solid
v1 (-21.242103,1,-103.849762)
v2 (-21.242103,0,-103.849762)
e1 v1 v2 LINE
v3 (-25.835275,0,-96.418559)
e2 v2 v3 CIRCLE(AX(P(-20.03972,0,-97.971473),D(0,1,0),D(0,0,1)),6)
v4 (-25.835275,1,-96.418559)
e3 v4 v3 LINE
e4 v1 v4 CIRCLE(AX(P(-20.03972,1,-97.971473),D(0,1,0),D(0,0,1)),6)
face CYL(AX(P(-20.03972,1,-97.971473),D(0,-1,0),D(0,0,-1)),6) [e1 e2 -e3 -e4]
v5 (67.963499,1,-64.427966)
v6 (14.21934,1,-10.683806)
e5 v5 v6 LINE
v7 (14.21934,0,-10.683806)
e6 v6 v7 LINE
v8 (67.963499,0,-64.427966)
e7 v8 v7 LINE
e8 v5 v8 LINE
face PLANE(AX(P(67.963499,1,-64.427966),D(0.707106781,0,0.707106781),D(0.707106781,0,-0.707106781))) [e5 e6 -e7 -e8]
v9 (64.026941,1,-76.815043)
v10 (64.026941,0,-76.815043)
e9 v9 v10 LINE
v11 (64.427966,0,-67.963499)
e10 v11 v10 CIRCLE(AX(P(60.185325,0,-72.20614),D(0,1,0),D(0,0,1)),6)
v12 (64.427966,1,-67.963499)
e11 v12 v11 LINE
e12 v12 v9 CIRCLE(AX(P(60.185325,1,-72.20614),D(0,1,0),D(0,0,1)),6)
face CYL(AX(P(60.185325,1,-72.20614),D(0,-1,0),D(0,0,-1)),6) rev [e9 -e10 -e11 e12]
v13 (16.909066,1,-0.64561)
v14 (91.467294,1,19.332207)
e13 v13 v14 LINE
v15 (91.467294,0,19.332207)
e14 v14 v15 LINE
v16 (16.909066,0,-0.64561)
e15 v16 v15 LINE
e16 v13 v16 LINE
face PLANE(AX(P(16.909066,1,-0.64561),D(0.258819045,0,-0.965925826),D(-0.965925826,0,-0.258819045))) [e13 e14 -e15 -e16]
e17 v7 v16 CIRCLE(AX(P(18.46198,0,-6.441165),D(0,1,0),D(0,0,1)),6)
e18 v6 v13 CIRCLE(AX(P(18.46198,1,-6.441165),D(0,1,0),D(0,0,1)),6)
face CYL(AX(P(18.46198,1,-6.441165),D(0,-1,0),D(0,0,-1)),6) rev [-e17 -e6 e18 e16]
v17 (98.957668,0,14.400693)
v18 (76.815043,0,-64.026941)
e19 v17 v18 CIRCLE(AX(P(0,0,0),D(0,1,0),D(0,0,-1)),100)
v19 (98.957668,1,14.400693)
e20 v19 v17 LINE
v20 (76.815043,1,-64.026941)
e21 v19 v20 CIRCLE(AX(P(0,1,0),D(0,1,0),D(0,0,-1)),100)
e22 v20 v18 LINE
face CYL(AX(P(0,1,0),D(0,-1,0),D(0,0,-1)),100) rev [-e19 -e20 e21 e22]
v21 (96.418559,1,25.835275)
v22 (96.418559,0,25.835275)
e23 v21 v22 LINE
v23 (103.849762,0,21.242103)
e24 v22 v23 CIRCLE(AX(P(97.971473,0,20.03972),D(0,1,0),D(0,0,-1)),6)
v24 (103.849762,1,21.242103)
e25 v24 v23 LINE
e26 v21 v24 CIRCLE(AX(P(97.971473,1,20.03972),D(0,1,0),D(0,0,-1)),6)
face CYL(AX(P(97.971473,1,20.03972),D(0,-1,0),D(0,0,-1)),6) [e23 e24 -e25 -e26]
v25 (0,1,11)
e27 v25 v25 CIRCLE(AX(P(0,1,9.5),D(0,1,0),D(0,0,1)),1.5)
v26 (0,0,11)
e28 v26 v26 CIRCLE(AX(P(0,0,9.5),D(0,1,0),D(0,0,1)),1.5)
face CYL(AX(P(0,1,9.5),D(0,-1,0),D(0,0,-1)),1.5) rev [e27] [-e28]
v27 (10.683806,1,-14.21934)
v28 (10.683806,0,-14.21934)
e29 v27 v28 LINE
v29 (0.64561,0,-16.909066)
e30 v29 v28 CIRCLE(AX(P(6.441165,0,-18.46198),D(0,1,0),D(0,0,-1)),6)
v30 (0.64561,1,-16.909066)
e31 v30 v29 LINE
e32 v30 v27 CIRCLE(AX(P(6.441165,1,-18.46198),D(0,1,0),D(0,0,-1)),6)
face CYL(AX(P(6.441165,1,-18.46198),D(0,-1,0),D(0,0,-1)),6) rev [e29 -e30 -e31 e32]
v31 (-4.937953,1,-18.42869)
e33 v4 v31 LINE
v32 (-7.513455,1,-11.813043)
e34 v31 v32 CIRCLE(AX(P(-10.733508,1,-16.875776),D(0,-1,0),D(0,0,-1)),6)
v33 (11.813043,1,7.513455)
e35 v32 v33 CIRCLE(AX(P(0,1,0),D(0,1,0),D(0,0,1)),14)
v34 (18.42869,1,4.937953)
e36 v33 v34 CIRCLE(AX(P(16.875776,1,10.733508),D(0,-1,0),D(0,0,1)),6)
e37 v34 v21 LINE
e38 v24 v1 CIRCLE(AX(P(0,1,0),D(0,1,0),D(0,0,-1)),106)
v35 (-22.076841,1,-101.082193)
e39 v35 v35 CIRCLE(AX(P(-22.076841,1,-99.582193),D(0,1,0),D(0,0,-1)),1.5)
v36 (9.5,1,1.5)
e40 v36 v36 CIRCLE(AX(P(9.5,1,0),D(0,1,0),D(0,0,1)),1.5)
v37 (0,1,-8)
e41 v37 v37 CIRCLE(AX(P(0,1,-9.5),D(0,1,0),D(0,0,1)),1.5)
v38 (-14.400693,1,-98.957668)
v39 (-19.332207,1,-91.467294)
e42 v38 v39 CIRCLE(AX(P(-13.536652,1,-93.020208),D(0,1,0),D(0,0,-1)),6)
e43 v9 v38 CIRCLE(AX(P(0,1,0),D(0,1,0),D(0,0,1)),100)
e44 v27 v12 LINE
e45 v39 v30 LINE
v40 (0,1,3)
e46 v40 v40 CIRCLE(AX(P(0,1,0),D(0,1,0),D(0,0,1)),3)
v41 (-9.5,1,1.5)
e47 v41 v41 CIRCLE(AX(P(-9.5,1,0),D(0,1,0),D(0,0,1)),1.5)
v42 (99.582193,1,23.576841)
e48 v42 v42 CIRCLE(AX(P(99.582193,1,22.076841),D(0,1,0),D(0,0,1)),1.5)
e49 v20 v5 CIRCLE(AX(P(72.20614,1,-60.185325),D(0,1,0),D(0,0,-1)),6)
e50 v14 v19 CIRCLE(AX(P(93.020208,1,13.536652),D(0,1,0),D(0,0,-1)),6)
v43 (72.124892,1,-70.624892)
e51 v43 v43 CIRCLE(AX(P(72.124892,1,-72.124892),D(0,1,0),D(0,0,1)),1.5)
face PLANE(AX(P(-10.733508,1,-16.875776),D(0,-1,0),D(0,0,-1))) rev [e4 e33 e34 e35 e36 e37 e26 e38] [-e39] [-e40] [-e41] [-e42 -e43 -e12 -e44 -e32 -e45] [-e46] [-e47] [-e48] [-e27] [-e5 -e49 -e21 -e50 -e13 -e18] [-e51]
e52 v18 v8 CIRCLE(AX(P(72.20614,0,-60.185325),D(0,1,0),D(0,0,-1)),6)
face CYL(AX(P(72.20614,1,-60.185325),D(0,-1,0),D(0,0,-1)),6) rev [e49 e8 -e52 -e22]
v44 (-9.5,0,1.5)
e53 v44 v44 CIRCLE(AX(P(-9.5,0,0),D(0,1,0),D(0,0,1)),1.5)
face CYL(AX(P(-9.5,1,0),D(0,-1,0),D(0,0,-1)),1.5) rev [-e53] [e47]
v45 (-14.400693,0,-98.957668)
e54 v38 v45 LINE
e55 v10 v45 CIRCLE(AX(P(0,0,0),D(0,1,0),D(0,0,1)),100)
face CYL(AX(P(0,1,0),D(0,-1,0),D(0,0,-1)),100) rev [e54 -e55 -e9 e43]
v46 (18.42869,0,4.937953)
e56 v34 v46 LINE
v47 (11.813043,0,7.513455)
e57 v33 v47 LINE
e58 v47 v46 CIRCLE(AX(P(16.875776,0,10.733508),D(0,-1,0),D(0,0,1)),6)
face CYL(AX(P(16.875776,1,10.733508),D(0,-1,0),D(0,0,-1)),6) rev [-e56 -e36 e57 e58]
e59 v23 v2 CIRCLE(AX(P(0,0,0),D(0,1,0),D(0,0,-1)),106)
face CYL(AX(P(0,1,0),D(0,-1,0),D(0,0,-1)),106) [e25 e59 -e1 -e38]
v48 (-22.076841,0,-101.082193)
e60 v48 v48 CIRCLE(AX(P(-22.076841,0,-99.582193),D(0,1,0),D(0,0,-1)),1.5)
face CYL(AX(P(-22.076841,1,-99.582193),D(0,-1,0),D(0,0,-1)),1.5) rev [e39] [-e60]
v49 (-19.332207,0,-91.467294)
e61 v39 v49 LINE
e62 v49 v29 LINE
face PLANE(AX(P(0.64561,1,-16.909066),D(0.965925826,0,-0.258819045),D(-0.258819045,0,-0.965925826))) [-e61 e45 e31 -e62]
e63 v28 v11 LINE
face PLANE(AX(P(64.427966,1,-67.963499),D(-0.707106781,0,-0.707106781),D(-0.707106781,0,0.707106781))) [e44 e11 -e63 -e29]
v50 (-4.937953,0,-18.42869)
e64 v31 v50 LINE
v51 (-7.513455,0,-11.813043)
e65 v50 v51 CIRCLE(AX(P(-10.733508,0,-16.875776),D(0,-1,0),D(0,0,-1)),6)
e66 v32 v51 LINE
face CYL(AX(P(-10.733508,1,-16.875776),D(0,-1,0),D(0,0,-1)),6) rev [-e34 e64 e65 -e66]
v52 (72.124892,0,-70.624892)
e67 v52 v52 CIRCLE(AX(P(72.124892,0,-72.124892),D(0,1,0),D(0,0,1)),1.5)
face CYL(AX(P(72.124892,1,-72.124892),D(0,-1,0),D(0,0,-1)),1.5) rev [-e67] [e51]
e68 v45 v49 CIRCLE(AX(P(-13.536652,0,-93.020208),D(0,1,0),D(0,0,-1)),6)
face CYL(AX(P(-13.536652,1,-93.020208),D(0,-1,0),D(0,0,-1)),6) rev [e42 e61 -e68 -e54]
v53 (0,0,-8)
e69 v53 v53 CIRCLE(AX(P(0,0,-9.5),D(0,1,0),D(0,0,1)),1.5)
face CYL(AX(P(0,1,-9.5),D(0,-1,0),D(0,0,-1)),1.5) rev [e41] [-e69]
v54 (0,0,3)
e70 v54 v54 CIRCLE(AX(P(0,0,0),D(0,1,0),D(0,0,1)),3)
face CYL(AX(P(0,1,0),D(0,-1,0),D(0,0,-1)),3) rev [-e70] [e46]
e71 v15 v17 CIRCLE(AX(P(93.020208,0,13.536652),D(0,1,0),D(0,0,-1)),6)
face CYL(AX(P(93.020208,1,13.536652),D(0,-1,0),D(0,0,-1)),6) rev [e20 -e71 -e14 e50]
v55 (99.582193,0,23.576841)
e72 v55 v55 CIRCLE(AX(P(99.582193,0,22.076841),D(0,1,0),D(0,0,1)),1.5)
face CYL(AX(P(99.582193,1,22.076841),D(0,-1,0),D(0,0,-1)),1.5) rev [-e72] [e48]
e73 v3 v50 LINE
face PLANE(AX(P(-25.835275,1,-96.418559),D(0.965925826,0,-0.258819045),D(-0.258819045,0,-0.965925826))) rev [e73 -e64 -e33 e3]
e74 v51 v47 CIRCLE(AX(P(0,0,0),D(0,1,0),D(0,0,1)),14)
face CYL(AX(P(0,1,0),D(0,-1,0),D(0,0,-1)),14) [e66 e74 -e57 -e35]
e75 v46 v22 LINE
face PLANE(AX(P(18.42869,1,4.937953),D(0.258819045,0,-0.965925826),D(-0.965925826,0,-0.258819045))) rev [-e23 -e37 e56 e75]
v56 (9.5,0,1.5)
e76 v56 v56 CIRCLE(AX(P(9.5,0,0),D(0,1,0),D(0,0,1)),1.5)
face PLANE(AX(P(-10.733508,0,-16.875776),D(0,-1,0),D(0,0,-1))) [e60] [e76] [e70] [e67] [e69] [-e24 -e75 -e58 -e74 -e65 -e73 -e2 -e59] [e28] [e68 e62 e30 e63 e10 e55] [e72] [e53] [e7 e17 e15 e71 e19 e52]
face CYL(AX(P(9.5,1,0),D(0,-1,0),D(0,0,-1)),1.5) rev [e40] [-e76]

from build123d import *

# Parameters (mm, degrees)
SKETCH_1_R      = 1.5
SKETCH_1_R_2    = 3
EXTRUDE_1_DEPTH = 1


with BuildPart() as part:
    # 草图1 → 凸台-拉伸1 (new body)
    with BuildSketch(Plane(origin=(0, 0, 0), x_dir=(1, 0, 0), z_dir=(0, 1, 0))):
        with BuildLine():
            Line((-25.835275078, 96.418559218), (-4.937952664, 18.428690227))
            ThreePointArc((-4.937952664, 18.428690227), (-5.142265363, 14.699078916), (-7.513455335, 11.81304317))
            ThreePointArc((-7.513455335, 11.81304317), (-9.899494937, -9.899494937), (11.81304317, -7.513455335))
            ThreePointArc((11.81304317, -7.513455335), (14.699078916, -5.142265363), (18.428690227, -4.937952664))
            Line((18.428690227, -4.937952664), (96.418559218, -25.835275078))
            ThreePointArc((96.418559218, -25.835275078), (101.126076798, -25.143491075), (103.849761898, -21.242103327))
            ThreePointArc((103.849761898, -21.242103327), (74.953318806, 74.953318806), (-21.242103327, 103.849761898))
            ThreePointArc((-21.242103327, 103.849761898), (-25.143491075, 101.126076798), (-25.835275078, 96.418559218))
        make_face()
        with Locations(Location((0, 9.5, 0), (0, 0, 270))):
            Circle(SKETCH_1_R, mode=Mode.SUBTRACT)
        with Locations(Location((9.5, 0, 0), (0, 0, 270))):
            Circle(SKETCH_1_R, mode=Mode.SUBTRACT)
        with Locations(Location((0, -9.5, 0), (0, 0, 270))):
            Circle(SKETCH_1_R, mode=Mode.SUBTRACT)
        with Locations(Location((-9.5, 0, 0), (0, 0, 270))):
            Circle(SKETCH_1_R, mode=Mode.SUBTRACT)
        with Locations(Location((0, 0, 0), (0, 0, 270))):
            Circle(SKETCH_1_R_2, mode=Mode.SUBTRACT)
        with Locations(Location((72.124891681, 72.124891681, 0), (0, 0, 270))):
            Circle(SKETCH_1_R, mode=Mode.SUBTRACT)
        with Locations(Location((99.582192726, -22.076840622, 0), (0, 0, 270))):
            Circle(SKETCH_1_R, mode=Mode.SUBTRACT)
        with Locations(Location((-22.076840622, 99.582192726, 0), (0, 0, 90))):
            Circle(SKETCH_1_R, mode=Mode.SUBTRACT)
        with BuildLine():
            Line((67.963499444, 64.427965538), (14.219339812, 10.683805906))
            ThreePointArc((14.219339812, 10.683805906), (12.666425541, 4.888250948), (16.909066229, 0.645610261))
            Line((16.909066229, 0.645610261), (91.467293555, -19.33220654))
            ThreePointArc((91.467293555, -19.33220654), (96.31960421, -18.54803697), (98.9576679, -14.400693173))
            ThreePointArc((98.9576679, -14.400693173), (96.237907867, 27.171034013), (76.815042692, 64.026941331))
            ThreePointArc((76.815042692, 64.026941331), (72.477694994, 66.17917653), (67.963499444, 64.427965538))
        make_face(mode=Mode.SUBTRACT)
        with BuildLine():
            Line((64.427965538, 67.963499444), (10.683805906, 14.219339812))
            ThreePointArc((10.683805906, 14.219339812), (4.888250948, 12.666425541), (0.645610261, 16.909066229))
            Line((0.645610261, 16.909066229), (-19.33220654, 91.467293555))
            ThreePointArc((-19.33220654, 91.467293555), (-18.54803697, 96.31960421), (-14.400693173, 98.9576679))
            ThreePointArc((-14.400693173, 98.9576679), (27.171034013, 96.237907867), (64.026941331, 76.815042692))
            ThreePointArc((64.026941331, 76.815042692), (66.17917653, 72.477694994), (64.427965538, 67.963499444))
        make_face(mode=Mode.SUBTRACT)
    extrude(amount=EXTRUDE_1_DEPTH)


solid = part.part
